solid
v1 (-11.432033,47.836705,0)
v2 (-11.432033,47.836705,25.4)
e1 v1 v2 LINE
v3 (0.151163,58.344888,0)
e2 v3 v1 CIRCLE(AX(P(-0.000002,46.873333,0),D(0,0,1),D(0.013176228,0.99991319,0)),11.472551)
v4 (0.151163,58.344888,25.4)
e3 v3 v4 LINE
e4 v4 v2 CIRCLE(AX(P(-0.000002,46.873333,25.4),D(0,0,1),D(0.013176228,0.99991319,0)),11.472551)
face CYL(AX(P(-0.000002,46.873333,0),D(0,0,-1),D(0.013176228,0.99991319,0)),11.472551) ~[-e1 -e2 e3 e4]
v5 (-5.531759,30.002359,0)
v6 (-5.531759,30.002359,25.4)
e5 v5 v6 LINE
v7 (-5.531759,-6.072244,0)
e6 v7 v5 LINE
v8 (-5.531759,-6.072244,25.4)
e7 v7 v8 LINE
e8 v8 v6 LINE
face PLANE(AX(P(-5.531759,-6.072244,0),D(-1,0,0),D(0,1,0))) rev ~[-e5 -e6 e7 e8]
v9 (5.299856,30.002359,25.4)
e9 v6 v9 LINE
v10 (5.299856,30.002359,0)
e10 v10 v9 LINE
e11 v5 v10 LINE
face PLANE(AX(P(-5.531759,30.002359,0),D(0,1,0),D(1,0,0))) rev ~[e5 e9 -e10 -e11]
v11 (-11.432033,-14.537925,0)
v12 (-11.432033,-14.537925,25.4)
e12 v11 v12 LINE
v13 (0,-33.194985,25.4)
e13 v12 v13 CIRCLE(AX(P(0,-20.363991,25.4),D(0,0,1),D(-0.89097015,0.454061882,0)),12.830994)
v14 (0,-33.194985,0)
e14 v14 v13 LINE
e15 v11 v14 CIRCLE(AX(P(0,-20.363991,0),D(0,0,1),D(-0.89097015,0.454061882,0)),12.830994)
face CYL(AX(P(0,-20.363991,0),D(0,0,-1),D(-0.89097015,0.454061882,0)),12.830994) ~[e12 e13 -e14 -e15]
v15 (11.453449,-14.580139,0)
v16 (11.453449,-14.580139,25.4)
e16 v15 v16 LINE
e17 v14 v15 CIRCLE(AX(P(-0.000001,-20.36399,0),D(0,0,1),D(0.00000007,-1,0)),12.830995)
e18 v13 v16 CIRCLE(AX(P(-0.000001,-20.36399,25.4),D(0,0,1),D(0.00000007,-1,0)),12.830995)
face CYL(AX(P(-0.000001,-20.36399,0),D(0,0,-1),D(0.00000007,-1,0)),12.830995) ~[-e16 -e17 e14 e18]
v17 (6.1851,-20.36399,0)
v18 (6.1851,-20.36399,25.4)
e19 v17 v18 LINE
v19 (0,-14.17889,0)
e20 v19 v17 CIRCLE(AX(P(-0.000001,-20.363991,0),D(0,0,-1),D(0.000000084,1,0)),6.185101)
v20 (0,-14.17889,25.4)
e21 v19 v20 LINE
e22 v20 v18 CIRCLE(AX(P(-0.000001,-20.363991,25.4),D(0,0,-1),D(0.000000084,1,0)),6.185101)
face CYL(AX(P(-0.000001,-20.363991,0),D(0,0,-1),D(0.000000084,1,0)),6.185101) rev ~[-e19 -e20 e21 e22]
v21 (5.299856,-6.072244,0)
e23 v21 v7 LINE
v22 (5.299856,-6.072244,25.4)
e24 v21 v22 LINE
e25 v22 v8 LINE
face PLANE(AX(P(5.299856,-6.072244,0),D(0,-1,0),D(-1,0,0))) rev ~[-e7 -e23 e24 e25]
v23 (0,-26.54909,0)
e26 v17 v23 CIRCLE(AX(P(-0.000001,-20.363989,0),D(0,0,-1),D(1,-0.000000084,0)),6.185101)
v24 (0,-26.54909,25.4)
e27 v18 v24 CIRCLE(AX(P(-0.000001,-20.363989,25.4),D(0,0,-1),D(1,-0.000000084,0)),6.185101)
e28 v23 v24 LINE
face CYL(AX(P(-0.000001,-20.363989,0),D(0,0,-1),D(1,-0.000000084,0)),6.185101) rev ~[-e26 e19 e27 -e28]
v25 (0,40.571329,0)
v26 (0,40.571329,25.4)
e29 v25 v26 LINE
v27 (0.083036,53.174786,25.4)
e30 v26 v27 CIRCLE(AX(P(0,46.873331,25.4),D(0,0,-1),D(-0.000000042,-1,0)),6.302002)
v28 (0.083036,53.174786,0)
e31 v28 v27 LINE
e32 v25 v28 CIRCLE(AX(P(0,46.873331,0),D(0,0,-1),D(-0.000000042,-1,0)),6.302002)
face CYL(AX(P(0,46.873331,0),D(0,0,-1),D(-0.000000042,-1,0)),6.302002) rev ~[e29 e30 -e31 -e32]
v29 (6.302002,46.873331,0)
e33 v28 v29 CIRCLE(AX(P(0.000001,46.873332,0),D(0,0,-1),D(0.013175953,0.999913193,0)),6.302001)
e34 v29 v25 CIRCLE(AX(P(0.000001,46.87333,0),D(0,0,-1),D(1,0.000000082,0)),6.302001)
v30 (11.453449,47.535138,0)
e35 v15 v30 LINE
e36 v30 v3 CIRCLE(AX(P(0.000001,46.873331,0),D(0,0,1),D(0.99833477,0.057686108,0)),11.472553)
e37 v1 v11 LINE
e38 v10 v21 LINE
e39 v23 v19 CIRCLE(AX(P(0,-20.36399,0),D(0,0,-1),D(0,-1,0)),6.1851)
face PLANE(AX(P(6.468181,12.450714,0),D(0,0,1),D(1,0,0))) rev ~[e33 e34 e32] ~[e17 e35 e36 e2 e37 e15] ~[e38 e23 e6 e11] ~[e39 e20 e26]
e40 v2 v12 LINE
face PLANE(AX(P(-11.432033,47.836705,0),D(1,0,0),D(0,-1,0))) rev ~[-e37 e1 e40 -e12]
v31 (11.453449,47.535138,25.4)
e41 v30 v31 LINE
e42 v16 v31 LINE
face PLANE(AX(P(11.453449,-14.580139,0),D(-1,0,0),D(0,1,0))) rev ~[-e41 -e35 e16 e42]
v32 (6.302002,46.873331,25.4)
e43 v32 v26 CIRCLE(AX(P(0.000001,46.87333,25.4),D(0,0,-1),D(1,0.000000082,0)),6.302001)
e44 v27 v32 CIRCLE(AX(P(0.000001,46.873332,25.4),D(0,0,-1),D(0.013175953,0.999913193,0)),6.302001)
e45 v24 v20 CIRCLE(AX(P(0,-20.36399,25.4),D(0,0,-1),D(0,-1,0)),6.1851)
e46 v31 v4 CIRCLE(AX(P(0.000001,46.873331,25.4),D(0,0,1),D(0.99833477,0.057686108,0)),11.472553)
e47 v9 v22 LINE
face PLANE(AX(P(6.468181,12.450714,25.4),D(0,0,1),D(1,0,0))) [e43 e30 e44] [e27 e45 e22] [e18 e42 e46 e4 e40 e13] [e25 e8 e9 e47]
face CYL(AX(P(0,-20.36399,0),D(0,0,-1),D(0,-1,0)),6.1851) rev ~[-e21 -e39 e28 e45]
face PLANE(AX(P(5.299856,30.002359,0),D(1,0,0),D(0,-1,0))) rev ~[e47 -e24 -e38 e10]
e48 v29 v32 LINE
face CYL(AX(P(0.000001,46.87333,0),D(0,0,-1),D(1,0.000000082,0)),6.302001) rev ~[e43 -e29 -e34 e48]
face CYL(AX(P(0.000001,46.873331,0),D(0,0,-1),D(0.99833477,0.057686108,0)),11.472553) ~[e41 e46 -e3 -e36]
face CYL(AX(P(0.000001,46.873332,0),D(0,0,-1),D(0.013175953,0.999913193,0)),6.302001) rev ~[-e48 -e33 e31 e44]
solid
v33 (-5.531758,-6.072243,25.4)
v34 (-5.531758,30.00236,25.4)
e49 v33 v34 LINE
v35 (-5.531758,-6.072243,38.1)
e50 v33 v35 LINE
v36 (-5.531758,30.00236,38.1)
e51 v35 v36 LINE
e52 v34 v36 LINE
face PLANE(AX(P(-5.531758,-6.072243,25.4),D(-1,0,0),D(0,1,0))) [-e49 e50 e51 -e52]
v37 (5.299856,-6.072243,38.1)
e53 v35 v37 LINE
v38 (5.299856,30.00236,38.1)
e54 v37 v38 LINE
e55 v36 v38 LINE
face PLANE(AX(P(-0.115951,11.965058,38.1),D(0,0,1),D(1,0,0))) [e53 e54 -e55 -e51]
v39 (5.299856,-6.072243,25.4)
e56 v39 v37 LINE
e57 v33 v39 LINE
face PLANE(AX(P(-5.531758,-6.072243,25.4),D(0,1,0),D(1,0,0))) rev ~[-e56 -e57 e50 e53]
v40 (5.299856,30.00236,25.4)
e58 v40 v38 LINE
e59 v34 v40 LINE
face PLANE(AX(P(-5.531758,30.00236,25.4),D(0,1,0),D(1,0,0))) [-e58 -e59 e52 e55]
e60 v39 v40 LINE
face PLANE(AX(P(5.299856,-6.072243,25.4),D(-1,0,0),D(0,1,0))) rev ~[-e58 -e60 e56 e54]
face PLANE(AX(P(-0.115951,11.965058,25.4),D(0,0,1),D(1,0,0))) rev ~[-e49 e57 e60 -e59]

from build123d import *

# Parameters (mm, degrees)
F1_DEPTH = 25.4
F2_W     = 10.831615
F2_H     = 36.074603
F3_DEPTH = 12.7


with BuildPart() as f1:
    # F0 (on Top) → F1 (new body)
    with BuildSketch(Plane.XY):
        with BuildLine():
            Line((11.453449, -14.580139), (11.453449, 46.211524))
            Line((11.453449, 46.211524), (11.453449, 47.535138))
            ThreePointArc((11.453449, 47.535138), (7.929655, 55.164293), (0.151163, 58.344888))
            Line((0.151163, 58.344888), (0.083036, 53.174786))
            ThreePointArc((0.083036, 53.174786), (4.48545, 51.300065), (6.302002, 46.873331))
            ThreePointArc((6.302002, 46.873331), (4.456189, 42.417143), (0, 40.571329))
            Line((0, 40.571329), (0, 30.002359))
            Line((0, 30.002359), (5.299856, 30.002359))
            Line((5.299856, 30.002359), (5.299856, -6.072244))
            Line((5.299856, -6.072244), (0, -6.072244))
            Line((0, -6.072244), (0, -14.17889))
            ThreePointArc((0, -14.17889), (4.373526, -15.990464), (6.1851, -20.36399))
            ThreePointArc((6.1851, -20.36399), (4.373526, -24.737516), (0, -26.54909))
            Line((0, -26.54909), (0, -33.194985))
            ThreePointArc((0, -33.194985), (10.928105, -27.087898), (11.453449, -14.580139))
        make_face()
        with BuildLine():
            Line((0.083036, 53.174786), (0.151163, 58.344888))
            ThreePointArc((0.151163, 58.344888), (-7.708436, 55.37036), (-11.432033, 47.836705))
            Line((-11.432033, 47.836705), (-11.432033, 45.909957))
            Line((-11.432033, 45.909957), (-11.432033, -14.537925))
            ThreePointArc((-11.432033, -14.537925), (-10.94049, -27.067728), (0, -33.194985))
            Line((0, -33.194985), (0, -26.54909))
            ThreePointArc((0, -26.54909), (-6.1851, -20.36399), (0, -14.17889))
            Line((0, -14.17889), (0, -6.072244))
            Line((0, -6.072244), (-5.531759, -6.072244))
            Line((-5.531759, -6.072244), (-5.531759, 30.002359))
            Line((-5.531759, 30.002359), (0, 30.002359))
            Line((0, 30.002359), (0, 40.571329))
            ThreePointArc((0, 40.571329), (-6.301865, 46.91485), (0.083036, 53.174786))
        make_face()
    extrude(amount=F1_DEPTH)


with BuildPart() as f3:
    # F2 (on face) → F3 (new body)
    with BuildSketch(Plane.XY.offset(25.4)):
        with Locations((-0.115951, 11.965058)):
            Rectangle(F2_W, F2_H)
    extrude(amount=F3_DEPTH)


solid = Compound([f1.part, f3.part])
